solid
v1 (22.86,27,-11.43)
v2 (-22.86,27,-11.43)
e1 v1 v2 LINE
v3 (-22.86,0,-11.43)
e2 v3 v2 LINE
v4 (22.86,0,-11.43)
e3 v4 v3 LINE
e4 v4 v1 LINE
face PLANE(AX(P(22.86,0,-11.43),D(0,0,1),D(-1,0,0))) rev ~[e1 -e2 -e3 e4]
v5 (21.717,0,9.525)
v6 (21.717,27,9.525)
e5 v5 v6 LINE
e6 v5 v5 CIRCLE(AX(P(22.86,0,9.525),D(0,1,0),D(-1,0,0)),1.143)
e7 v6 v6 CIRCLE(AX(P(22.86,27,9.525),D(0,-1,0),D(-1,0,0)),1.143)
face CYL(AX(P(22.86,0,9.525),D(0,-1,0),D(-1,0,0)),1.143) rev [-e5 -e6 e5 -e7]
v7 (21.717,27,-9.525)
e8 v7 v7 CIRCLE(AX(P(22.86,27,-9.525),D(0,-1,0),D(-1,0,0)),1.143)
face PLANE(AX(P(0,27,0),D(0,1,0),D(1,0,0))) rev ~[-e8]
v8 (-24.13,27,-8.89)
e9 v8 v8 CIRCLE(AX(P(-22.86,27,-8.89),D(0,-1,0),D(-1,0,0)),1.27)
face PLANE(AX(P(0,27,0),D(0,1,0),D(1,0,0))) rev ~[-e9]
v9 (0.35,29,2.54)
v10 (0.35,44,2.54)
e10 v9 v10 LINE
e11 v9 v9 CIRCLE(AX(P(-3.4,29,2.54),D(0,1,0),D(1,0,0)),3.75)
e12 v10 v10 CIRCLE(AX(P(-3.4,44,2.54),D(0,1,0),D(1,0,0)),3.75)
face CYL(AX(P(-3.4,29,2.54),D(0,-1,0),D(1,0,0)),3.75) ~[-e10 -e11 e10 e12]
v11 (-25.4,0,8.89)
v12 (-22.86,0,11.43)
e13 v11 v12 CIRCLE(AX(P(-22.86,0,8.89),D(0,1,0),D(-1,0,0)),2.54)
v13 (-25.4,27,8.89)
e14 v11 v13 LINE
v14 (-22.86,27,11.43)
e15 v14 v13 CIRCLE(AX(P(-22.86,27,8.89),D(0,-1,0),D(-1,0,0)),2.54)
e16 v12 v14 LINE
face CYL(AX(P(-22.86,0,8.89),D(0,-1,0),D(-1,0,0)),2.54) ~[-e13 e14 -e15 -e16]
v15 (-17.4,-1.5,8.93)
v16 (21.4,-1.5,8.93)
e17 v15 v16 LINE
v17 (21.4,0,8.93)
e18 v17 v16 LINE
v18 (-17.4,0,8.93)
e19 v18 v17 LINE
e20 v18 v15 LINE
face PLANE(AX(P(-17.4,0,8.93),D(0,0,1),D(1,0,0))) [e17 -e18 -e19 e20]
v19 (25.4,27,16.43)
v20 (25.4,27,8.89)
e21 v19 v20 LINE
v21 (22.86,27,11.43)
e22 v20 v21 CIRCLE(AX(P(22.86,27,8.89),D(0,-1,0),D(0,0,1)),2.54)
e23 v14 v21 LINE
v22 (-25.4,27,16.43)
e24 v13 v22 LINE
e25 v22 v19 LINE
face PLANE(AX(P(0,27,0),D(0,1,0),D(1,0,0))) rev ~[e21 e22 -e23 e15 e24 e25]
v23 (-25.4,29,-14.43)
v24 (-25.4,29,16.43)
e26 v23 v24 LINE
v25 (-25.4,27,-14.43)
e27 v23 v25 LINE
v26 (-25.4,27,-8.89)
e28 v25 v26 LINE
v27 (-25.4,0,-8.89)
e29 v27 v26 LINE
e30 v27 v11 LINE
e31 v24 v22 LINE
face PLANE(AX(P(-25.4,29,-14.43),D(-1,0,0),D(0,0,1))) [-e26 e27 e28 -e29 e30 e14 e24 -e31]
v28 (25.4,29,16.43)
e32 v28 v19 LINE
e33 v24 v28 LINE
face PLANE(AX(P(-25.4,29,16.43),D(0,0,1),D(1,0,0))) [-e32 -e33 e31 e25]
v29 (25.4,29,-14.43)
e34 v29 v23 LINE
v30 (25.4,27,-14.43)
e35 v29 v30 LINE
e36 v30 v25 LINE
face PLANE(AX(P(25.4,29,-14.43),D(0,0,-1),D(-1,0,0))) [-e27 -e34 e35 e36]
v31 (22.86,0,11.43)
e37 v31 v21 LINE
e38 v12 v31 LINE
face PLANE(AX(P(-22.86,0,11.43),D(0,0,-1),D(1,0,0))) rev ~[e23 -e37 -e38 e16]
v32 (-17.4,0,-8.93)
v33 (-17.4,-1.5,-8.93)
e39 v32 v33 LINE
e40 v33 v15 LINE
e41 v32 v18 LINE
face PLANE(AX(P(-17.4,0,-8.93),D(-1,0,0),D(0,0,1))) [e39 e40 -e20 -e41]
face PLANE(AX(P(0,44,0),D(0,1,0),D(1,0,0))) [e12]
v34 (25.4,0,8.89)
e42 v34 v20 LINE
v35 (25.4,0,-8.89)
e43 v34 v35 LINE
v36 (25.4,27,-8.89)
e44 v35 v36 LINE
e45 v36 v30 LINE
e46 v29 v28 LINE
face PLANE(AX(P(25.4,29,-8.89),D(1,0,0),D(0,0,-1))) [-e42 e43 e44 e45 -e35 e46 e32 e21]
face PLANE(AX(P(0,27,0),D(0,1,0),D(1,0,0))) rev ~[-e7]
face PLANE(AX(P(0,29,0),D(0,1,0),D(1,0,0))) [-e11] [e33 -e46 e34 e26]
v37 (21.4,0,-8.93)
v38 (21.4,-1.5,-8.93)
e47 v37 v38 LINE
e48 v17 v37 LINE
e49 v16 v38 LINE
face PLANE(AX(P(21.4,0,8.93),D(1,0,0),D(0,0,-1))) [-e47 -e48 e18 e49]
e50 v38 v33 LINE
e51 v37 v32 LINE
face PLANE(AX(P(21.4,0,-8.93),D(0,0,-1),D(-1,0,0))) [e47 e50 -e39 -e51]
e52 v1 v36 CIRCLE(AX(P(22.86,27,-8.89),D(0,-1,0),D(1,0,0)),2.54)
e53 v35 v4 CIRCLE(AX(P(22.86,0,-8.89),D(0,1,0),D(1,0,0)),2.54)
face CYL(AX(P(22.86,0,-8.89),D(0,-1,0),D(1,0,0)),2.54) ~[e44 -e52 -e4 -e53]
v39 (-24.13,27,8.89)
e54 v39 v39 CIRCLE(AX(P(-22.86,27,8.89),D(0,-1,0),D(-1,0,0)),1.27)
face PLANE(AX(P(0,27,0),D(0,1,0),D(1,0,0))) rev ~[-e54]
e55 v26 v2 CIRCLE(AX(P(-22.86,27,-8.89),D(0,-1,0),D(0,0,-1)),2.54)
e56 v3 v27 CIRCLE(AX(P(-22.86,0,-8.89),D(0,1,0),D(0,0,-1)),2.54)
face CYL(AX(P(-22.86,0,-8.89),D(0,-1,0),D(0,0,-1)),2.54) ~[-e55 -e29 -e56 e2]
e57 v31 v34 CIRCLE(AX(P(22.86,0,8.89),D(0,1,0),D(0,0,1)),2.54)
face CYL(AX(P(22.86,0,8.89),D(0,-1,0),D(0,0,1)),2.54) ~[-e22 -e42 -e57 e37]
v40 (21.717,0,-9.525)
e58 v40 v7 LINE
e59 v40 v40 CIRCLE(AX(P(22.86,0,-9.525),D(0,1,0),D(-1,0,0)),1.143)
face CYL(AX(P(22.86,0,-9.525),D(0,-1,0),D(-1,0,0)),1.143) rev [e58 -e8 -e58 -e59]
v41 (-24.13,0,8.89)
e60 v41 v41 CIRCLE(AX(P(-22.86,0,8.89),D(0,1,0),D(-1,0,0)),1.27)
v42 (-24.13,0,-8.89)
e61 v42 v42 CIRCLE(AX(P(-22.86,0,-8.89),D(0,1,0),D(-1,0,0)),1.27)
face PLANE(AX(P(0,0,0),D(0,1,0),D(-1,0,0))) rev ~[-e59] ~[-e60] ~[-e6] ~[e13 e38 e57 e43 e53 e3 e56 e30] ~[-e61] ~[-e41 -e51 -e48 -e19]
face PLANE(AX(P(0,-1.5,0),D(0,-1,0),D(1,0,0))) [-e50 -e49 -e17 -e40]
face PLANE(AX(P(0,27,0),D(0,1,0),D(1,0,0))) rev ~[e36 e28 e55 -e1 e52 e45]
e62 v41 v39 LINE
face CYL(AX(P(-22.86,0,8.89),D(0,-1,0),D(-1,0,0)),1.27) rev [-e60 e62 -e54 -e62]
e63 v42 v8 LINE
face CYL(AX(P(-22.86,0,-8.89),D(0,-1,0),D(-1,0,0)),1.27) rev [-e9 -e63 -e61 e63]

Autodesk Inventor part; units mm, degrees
ref_plane "YZ Plane" through (0, 0, 0) normal (1, 0, 0) x (0, 1, 0)
ref_plane "XZ Plane" through (0, 0, 0) normal (0, 1, 0) x (-1, 0, 0)
ref_plane "XY Plane" through (0, 0, 0) normal (0, 0, 1) x (1, 0, 0)
sketch "Sketch1" plane through (0, 0, 0) normal (0, 1, 0) x (-1, 0, 0)
  line L0 (22.86, 11.43) -> (-22.86, 11.43)
  line L1 (-25.4, 8.89) -> (-25.4, -8.89)
  line L2 (-22.86, -11.43) -> (22.86, -11.43)
  line L3 (25.4, -8.89) -> (25.4, 8.89)
  line L4 (25.4, 11.43) -> (-25.4, -11.43) construction
  line L5 (-25.4, 11.43) -> (25.4, -11.43) construction
  circle A0 centre (22.86, 8.89) radius 1.27
  circle A1 centre (22.86, -8.89) radius 1.27
  circle A2 centre (-22.86, 9.525) radius 1.143
  circle A3 centre (-22.86, -9.525) radius 1.143
  arc A4 (25.4, 8.89) -> (22.86, 11.43) centre (22.86, 8.89) ccw
  arc A5 (22.86, -11.43) -> (25.4, -8.89) centre (22.86, -8.89) ccw
  arc A6 (-22.86, 11.43) -> (-25.4, 8.89) centre (-22.86, 8.89) ccw
  arc A7 (-25.4, -8.89) -> (-22.86, -11.43) centre (-22.86, -8.89) ccw
  point P0 (0, 0)
  dimension "d0" = 50.8
  dimension "d1" = 22.86
  dimension "d2" = 2.54
  dimension "d3" = 2.54
  dimension "d4" = 2.286
  dimension "d5" = 2.286
  dimension "d6" = 17.78
  dimension "d7" = 19.05
  dimension "d9" = 8.89
  dimension "d10" = 2.54
  dimension "d11" = 2.54
  dimension "d12" = 9.525
  dimension "d13" = 2.54
  dimension "d14" = 2.54
  dimension "d15" = 2.54
extrude "Extrusion1" add sketch "Sketch1" along normal blind 29
sketch "Sketch8" plane through (0, 29, 0) normal (0, 1, 0) x (1, 0, 0)
  circle A0 centre (-3.4, -2.54) radius 3.75
  line L0 (-25.4, 8.89) -> (-25.4, -8.89) projected
  point P0 (0, 0)
  dimension "d62" = 7.5
  dimension "d63" = 2.54
  dimension "d64" = 22
extrude "Extrusion8" add sketch "Sketch8" along normal blind 15
sketch "Sketch9" plane through (0, 0, 0) normal (0, -1, 0) x (1, 0, 0)
  line L0 (-17.4, 8.93) -> (21.4, 8.93)
  line L1 (21.4, 8.93) -> (21.4, -8.93)
  line L2 (21.4, -8.93) -> (-17.4, -8.93)
  line L3 (-17.4, -8.93) -> (-17.4, 8.93)
  line L4 (-25.4, -8.89) -> (-25.4, 8.89) projected
  line L5 (25.4, 8.89) -> (25.4, -8.89) projected
  line L6 (-22.86, 11.43) -> (22.86, 11.43) projected
  line L7 (22.86, -11.43) -> (-22.86, -11.43) projected
  point P0 (0, 0)
  dimension "d67" = 8
  dimension "d68" = 4
  dimension "d69" = 2.5
  dimension "d70" = 2.5
extrude "Extrusion9" add sketch "Sketch9" along normal blind 1.5
sketch "Sketch10" plane through (0, 29, 0) normal (0, 1, 0) x (1, 0, 0)
  line L0 (25.4, 14.43) -> (-25.4, 14.43)
  line L1 (-25.4, 14.43) -> (-25.4, -16.43)
  line L2 (-25.4, -16.43) -> (25.4, -16.43)
  line L3 (25.4, -16.43) -> (25.4, 14.43)
  line L4 (25.4, -8.89) -> (25.4, 8.89) projected
  line L5 (-25.4, 8.89) -> (-25.4, -8.89) projected
  line L6 (-22.86, -11.43) -> (22.86, -11.43) projected
  line L7 (22.86, 11.43) -> (-22.86, 11.43) projected
  point P0 (0, 0)
  point P1 (25.4, 0)
  point P2 (-25.4, -1)
  dimension "d73" = 5
  dimension "d74" = 3
extrude "Extrusion10" add sketch "Sketch10" against normal blind 2
ref_plane "Work Plane1" through (2, 0, -8.93) normal (-1, 0, 0) x (0, 0, 1)
properties part number "ESP8266 Feather"
